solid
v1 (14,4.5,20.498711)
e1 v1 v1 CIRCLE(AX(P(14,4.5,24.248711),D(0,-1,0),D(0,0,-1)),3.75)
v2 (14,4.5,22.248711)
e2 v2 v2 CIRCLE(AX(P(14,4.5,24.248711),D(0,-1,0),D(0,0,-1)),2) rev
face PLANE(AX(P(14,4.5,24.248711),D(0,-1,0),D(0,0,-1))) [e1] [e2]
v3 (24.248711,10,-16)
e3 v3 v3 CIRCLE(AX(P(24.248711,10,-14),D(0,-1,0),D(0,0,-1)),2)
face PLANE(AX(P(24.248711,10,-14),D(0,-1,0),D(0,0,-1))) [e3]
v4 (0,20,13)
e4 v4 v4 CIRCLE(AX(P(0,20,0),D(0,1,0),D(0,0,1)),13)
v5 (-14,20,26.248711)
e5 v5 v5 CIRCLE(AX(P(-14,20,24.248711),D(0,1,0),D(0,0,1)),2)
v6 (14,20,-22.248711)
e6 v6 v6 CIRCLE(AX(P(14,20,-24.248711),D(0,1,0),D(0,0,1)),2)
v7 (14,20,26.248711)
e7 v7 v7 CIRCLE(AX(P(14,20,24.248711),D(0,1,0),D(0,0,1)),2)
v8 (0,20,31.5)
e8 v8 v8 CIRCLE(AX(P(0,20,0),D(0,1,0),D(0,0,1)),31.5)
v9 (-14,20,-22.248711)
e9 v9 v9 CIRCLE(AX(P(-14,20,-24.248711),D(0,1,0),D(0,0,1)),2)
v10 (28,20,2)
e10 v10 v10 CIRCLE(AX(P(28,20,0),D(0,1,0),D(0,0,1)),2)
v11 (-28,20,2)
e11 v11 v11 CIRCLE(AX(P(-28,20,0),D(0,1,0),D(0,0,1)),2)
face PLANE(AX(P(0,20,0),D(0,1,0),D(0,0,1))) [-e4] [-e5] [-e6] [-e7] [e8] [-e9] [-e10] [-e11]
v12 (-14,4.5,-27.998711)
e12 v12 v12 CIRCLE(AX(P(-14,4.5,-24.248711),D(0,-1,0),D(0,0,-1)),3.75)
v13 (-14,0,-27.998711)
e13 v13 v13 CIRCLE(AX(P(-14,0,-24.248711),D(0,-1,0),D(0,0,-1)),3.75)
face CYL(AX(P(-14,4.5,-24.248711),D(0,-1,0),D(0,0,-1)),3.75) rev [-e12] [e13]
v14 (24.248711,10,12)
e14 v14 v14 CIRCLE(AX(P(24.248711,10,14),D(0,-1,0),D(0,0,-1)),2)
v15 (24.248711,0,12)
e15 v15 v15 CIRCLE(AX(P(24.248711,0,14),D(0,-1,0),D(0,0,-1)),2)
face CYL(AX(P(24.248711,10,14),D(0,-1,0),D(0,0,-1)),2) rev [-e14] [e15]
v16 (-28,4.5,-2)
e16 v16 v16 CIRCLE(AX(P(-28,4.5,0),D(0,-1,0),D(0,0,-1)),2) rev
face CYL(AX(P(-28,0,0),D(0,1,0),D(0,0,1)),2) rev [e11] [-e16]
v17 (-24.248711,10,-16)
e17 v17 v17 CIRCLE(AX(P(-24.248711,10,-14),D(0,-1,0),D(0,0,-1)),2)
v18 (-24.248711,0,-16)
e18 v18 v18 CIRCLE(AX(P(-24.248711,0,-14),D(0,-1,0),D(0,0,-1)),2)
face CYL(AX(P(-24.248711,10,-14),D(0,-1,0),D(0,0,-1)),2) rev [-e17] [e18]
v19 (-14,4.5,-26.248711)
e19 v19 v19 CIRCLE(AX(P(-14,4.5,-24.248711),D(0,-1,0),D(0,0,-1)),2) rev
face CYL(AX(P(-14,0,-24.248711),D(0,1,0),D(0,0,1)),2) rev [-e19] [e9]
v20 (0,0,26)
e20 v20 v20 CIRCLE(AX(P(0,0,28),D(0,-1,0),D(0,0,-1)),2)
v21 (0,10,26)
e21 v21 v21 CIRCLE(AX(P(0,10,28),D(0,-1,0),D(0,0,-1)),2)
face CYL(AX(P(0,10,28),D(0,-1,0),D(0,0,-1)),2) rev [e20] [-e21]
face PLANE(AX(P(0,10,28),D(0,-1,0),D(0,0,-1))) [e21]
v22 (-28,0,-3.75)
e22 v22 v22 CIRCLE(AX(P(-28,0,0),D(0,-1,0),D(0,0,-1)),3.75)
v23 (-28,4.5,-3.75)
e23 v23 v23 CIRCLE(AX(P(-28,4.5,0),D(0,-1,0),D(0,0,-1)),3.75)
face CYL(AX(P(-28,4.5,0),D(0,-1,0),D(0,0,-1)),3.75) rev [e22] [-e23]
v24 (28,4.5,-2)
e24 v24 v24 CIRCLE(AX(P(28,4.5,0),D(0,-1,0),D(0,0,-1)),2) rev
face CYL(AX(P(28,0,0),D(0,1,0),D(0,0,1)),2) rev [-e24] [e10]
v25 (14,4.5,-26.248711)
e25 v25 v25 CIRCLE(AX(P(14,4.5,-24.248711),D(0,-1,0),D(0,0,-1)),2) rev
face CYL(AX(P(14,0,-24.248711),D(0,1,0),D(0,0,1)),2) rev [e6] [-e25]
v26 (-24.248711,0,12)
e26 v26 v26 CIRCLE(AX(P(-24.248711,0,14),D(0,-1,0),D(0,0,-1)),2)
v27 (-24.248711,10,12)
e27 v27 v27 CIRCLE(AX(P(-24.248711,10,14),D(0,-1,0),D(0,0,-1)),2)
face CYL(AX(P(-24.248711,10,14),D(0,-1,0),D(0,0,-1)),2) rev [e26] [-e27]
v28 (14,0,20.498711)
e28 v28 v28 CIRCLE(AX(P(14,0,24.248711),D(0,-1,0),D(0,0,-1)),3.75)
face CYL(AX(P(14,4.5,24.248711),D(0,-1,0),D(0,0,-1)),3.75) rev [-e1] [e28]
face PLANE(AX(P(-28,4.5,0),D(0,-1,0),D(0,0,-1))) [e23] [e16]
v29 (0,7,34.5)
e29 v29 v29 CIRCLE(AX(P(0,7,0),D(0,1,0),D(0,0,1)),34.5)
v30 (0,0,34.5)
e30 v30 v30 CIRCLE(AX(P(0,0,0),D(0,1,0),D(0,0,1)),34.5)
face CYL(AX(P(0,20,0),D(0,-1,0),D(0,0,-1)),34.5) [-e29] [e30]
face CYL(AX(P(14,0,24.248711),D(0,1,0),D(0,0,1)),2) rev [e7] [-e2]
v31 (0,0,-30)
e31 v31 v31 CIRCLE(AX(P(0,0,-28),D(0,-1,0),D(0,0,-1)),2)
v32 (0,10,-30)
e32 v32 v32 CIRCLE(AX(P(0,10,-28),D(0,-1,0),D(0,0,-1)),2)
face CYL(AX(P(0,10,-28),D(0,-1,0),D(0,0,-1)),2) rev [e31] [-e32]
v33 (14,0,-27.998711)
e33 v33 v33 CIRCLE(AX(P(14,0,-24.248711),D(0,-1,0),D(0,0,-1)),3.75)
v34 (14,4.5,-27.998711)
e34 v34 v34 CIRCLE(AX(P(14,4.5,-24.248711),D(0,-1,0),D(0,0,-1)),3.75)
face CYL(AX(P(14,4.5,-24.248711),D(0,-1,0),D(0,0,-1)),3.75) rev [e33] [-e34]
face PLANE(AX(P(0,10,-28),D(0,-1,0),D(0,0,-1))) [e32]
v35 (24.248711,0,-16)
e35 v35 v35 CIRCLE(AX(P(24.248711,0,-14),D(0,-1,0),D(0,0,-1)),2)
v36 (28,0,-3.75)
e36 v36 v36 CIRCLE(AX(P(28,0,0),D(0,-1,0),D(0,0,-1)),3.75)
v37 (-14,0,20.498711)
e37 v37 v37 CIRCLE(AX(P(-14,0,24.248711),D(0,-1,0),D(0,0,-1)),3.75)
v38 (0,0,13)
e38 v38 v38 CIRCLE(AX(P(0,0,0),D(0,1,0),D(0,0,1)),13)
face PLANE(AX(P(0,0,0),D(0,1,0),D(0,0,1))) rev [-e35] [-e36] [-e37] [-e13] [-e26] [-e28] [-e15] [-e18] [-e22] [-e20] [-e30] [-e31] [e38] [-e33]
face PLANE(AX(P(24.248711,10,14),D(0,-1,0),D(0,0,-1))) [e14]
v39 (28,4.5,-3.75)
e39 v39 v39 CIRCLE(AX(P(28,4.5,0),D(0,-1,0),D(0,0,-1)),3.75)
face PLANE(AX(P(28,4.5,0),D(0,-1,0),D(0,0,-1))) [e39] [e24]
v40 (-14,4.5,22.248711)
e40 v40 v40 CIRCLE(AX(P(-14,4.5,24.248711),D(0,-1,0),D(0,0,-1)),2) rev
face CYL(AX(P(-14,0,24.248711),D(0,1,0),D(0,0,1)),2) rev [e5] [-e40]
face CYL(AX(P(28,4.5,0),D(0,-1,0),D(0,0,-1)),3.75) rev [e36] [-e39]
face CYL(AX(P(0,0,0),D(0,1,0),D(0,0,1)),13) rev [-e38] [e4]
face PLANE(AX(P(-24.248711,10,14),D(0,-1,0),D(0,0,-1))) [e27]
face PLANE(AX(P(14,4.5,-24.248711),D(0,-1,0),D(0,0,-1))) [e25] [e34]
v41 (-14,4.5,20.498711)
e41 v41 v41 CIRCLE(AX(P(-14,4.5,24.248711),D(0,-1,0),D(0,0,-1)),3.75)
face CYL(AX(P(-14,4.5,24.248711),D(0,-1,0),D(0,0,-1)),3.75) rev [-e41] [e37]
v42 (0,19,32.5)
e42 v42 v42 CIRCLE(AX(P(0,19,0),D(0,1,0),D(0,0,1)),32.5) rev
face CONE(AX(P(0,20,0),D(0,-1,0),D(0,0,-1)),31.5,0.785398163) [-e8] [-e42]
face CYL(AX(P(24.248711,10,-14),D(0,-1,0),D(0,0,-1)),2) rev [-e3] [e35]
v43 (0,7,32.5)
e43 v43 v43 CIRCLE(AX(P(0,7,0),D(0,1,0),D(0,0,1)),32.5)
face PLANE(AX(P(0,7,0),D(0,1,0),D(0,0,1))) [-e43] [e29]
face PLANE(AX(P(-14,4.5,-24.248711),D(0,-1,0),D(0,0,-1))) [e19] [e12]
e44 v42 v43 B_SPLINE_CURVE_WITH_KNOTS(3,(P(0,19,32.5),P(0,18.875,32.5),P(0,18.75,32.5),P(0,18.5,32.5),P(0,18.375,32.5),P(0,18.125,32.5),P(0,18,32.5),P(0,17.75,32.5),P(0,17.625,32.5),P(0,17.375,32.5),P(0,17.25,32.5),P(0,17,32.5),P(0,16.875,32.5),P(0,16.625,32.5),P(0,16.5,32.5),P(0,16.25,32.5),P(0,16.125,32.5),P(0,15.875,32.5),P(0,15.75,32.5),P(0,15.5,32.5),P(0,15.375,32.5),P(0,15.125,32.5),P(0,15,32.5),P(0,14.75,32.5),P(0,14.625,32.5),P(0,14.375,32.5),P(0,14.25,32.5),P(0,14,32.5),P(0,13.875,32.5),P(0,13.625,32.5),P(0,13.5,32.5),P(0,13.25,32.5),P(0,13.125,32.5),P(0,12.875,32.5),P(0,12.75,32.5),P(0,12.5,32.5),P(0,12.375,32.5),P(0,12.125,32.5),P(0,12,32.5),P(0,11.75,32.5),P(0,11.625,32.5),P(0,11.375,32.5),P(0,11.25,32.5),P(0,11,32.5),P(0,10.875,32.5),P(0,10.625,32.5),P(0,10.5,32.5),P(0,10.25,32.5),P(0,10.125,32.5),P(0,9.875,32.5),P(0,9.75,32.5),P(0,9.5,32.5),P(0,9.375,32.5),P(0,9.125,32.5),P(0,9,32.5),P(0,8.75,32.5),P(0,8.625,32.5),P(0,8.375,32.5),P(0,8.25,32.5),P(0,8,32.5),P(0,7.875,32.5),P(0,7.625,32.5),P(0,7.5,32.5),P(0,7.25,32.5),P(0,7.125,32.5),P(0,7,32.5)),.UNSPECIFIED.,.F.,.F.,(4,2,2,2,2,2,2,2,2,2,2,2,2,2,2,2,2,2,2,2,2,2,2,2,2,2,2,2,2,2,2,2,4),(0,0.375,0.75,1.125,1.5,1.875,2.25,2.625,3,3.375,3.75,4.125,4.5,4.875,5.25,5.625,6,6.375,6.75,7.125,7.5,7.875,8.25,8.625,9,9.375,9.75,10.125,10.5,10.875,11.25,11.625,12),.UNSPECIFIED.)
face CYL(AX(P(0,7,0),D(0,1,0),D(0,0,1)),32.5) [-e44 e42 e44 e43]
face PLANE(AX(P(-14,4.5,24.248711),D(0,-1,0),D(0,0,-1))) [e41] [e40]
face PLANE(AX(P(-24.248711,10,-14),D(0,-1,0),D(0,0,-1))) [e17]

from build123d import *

# Parameters (mm, degrees)
SKETCH_1_R          = 34.5
EXTRUDE_1_DEPTH     = 20
CUT_EXTRUDE_START   = -13
SKETCH_2_R          = 34.5
SKETCH_2_R_2        = 32.5
CUT_EXTRUDE_1_DEPTH = 13
SKETCH_3_R          = 2
CUT_EXTRUDE_3_DEPTH = 53.730446613
SKETCH_7_R          = 13
CUT_EXTRUDE_6_DEPTH = 53.730446613
SKETCH_8_R          = 3.75
CUT_EXTRUDE_7_DEPTH = 4.5
CHAMFER_4_SIZE      = 1
SKETCH_9_R          = 2
CUT_EXTRUDE_8_DEPTH = 10


with BuildPart() as part:
    # 草图1 → 凸台-拉伸1 (new body)
    with BuildSketch(Plane(origin=(0, 0, 0), x_dir=(1, 0, 0), z_dir=(0, 1, 0))):
        Circle(SKETCH_1_R)
    extrude(amount=EXTRUDE_1_DEPTH)

    # 草图2 → 切除-拉伸1 (cut)
    with BuildSketch(Plane(origin=(0, 20, 0), x_dir=(1, 0, 0), z_dir=(0, 1, 0)).offset(CUT_EXTRUDE_START)):
        Circle(SKETCH_2_R)
        Circle(SKETCH_2_R_2, mode=Mode.SUBTRACT)
    extrude(amount=CUT_EXTRUDE_1_DEPTH, mode=Mode.SUBTRACT)

    # 草图3 → 切除-拉伸3 (cut, through all)
    with BuildSketch(Plane(origin=(0, 20, 0), x_dir=(1, 0, 0), z_dir=(0, 1, 0))):
        with Locations((-28, 0)):
            Circle(SKETCH_3_R)
        with Locations((-14, 24.248711306)):
            Circle(SKETCH_3_R)
        with Locations((14, 24.248711306)):
            Circle(SKETCH_3_R)
        with Locations((28, 0)):
            Circle(SKETCH_3_R)
        with Locations((14, -24.248711306)):
            Circle(SKETCH_3_R)
        with Locations((-14, -24.248711306)):
            Circle(SKETCH_3_R)
    extrude(amount=-CUT_EXTRUDE_3_DEPTH, mode=Mode.SUBTRACT)

    # 草图7 → 切除-拉伸6 (cut, through all)
    with BuildSketch(Plane(origin=(0, 20, 0), x_dir=(1, 0, 0), z_dir=(0, 1, 0))):
        Circle(SKETCH_7_R)
    extrude(amount=-CUT_EXTRUDE_6_DEPTH, mode=Mode.SUBTRACT)

    # 草图8 → 切除-拉伸7 (cut)
    with BuildSketch(Plane.XZ):
        with Locations((-28, 0)):
            Circle(SKETCH_8_R)
        with Locations((-14, 24.248711306)):
            Circle(SKETCH_8_R)
        with Locations((14, 24.248711306)):
            Circle(SKETCH_8_R)
        with Locations((28, 0)):
            Circle(SKETCH_8_R)
        with Locations((14, -24.248711306)):
            Circle(SKETCH_8_R)
        with Locations((-14, -24.248711306)):
            Circle(SKETCH_8_R)
    extrude(amount=-CUT_EXTRUDE_7_DEPTH, mode=Mode.SUBTRACT)

    # 倒角4
    chamfer_4_edges = [part.edges().sort_by_distance(p)[0] for p in [
        (-32.5, 20, 0),
    ]]
    chamfer(chamfer_4_edges, length=CHAMFER_4_SIZE)

    # 草图9 → 切除-拉伸8 (cut)
    with BuildSketch(Plane.XZ):
        with Locations((0, 28)):
            Circle(SKETCH_9_R)
        with Locations((24.248711306, 14)):
            Circle(SKETCH_9_R)
        with Locations((24.248711306, -14)):
            Circle(SKETCH_9_R)
        with Locations((0, -28)):
            Circle(SKETCH_9_R)
        with Locations((-24.248711306, -14)):
            Circle(SKETCH_9_R)
        with Locations((-24.248711306, 14)):
            Circle(SKETCH_9_R)
    extrude(amount=-CUT_EXTRUDE_8_DEPTH, mode=Mode.SUBTRACT)


solid = part.part
